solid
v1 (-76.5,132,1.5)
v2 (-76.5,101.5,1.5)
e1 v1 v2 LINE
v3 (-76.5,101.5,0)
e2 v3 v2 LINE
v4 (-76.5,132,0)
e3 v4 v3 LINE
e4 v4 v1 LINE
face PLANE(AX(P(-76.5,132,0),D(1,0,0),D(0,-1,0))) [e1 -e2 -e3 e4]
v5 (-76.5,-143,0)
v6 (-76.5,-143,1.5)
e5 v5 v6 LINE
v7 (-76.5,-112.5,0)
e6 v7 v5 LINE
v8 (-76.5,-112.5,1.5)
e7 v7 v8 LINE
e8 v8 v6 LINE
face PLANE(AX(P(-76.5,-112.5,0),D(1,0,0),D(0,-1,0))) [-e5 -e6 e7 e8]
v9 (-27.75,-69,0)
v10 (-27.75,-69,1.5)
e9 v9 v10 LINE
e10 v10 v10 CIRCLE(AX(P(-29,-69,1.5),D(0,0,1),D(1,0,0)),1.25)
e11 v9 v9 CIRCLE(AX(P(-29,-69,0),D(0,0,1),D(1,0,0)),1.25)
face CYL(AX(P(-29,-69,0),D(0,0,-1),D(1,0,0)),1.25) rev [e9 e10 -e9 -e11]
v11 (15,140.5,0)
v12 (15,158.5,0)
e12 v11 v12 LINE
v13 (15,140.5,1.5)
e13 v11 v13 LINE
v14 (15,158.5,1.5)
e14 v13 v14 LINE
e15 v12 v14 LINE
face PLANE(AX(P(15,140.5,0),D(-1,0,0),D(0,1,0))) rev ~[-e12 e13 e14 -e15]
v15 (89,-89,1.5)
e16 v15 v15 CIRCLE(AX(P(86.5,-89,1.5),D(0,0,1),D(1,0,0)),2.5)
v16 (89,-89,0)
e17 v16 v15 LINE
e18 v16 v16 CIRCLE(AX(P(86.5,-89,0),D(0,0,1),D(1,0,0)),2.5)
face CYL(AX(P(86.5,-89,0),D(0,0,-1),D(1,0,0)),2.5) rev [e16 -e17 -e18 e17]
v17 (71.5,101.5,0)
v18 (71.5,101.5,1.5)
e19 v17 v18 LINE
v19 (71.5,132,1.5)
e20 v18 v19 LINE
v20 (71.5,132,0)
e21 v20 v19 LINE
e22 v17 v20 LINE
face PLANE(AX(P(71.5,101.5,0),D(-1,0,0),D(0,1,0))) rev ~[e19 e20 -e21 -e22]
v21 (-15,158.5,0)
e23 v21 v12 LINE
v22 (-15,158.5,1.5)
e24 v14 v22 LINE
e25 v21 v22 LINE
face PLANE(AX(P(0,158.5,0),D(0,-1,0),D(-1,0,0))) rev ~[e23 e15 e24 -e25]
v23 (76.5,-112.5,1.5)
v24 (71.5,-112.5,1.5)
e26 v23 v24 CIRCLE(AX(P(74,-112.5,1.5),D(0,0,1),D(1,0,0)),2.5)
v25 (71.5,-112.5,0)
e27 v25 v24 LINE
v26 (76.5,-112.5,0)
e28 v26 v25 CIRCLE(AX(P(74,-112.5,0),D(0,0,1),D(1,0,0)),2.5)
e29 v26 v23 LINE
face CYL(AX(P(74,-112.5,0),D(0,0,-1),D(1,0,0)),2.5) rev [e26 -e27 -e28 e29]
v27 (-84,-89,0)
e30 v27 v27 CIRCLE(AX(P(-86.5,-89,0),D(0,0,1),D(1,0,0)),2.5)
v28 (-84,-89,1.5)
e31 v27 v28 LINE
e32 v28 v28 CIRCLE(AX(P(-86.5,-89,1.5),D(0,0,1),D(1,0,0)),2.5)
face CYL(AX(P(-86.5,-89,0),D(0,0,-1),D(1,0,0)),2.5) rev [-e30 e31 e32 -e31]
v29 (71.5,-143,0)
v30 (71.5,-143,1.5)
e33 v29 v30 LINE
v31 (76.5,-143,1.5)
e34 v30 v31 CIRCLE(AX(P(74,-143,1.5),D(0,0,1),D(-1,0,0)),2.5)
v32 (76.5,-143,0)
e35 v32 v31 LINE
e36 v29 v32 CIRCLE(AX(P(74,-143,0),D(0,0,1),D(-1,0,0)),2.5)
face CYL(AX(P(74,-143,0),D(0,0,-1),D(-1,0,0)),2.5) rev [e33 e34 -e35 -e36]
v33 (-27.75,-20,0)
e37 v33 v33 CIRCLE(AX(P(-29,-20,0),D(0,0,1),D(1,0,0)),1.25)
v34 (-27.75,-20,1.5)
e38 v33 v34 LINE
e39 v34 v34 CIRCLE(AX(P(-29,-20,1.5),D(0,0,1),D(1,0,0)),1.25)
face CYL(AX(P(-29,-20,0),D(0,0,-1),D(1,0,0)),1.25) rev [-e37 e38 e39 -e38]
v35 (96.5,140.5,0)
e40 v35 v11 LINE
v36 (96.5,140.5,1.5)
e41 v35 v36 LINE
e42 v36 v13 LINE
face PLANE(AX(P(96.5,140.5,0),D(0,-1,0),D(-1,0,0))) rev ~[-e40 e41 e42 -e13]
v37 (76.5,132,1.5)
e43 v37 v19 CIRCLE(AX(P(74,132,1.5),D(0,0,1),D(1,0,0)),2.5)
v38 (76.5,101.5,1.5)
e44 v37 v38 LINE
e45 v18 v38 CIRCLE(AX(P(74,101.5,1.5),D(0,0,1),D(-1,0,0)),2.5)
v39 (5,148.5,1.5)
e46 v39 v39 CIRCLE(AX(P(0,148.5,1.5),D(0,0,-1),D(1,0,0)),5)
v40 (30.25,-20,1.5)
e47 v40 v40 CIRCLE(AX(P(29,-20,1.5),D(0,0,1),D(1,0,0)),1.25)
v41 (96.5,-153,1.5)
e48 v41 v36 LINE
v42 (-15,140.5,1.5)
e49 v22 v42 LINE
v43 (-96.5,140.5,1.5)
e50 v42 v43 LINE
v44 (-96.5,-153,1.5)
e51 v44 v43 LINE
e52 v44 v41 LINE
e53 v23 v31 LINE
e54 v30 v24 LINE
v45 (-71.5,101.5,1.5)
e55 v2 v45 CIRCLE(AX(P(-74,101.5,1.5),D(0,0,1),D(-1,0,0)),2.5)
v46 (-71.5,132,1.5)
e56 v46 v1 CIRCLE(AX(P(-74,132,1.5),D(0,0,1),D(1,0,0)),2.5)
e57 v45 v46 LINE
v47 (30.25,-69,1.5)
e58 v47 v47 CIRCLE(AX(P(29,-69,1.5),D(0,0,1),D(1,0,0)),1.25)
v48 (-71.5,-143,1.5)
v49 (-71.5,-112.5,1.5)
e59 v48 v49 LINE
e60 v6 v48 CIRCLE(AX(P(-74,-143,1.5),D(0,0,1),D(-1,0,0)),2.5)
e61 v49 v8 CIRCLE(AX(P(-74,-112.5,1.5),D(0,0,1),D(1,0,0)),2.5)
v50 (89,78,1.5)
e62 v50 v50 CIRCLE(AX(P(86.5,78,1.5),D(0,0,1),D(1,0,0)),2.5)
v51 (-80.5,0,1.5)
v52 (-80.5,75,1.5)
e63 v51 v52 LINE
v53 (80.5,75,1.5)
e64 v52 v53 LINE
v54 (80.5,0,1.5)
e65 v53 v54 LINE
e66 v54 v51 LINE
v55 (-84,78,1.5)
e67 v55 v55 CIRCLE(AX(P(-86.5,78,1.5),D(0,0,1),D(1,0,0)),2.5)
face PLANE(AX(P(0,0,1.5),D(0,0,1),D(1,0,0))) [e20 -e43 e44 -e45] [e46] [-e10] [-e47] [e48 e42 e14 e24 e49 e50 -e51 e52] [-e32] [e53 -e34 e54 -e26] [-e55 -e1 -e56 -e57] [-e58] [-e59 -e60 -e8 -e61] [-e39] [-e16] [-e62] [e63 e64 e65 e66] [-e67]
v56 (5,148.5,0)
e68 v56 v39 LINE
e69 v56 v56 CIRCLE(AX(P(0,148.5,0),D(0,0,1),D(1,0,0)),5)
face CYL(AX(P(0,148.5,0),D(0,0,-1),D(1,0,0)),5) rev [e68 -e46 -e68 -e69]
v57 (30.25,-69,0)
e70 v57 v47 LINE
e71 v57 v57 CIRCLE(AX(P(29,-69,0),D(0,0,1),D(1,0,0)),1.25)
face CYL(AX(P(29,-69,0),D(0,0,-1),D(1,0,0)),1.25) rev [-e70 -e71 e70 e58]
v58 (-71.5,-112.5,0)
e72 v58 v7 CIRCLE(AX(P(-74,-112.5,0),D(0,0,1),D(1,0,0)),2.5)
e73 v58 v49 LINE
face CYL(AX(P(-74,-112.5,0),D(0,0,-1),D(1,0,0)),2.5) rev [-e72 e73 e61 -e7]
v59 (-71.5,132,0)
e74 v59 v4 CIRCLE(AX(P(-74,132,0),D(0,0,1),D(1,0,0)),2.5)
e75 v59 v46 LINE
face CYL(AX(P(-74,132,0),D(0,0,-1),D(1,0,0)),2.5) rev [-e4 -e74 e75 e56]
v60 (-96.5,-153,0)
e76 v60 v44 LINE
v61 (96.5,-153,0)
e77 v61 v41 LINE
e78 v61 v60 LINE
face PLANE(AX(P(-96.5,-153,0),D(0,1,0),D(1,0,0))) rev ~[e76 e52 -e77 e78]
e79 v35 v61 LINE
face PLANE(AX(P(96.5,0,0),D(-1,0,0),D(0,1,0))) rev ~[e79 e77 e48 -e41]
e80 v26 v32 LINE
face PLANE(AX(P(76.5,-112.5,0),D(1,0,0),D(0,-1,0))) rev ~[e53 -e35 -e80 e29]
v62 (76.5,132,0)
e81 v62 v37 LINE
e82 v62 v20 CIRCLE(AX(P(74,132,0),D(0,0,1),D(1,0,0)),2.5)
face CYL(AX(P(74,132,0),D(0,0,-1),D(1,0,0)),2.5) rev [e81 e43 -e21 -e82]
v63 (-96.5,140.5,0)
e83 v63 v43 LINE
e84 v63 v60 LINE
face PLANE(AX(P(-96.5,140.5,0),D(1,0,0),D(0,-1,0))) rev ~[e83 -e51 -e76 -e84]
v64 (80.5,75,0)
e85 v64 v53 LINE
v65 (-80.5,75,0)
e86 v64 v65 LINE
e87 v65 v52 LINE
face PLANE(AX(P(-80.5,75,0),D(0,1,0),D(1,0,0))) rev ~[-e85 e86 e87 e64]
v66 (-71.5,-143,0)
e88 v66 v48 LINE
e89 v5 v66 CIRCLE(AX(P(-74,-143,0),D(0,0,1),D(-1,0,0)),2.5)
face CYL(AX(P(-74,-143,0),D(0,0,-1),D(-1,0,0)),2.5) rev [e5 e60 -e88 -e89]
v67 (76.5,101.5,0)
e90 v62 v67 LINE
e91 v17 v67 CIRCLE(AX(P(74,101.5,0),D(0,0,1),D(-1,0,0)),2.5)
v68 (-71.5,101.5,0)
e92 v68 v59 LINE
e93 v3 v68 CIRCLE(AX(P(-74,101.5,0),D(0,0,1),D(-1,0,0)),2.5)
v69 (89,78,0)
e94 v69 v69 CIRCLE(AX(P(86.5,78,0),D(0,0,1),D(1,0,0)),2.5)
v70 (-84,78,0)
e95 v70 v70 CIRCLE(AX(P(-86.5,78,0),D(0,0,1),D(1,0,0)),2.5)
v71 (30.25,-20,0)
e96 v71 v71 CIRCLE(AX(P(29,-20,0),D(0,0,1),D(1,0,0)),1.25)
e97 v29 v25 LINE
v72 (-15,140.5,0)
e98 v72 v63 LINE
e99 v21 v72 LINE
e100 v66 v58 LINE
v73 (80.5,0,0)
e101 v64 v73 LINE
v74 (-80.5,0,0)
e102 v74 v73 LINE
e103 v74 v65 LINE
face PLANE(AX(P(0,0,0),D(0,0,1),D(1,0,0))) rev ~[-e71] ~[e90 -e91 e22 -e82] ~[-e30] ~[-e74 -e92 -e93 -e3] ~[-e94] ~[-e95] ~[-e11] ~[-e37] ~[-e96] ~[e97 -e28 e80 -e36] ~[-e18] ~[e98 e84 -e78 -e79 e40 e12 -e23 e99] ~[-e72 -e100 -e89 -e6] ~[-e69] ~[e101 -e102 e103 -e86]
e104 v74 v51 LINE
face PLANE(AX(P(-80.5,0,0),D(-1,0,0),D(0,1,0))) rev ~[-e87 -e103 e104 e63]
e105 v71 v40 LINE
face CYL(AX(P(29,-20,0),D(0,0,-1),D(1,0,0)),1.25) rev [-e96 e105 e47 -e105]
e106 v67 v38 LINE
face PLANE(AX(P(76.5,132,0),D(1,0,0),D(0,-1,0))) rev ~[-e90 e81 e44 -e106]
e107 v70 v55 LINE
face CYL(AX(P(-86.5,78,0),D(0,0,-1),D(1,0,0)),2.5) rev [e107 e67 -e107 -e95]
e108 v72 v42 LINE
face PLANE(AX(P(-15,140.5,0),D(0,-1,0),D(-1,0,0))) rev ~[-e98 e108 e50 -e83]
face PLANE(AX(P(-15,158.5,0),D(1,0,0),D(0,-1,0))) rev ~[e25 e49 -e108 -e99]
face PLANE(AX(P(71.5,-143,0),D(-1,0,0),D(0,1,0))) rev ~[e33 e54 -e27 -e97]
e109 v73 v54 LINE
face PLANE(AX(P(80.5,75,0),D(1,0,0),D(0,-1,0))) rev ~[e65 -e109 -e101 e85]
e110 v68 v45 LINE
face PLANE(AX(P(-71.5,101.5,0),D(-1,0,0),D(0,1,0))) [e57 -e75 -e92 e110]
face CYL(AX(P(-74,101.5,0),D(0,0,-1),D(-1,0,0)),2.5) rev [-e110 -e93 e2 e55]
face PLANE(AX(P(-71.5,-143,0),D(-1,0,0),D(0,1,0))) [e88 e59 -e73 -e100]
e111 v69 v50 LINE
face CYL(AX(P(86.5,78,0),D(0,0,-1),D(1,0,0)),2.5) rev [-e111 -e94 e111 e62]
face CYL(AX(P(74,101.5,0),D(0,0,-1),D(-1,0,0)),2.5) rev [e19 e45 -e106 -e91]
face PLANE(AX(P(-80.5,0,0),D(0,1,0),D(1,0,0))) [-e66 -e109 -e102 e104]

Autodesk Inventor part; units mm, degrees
ref_plane "YZ Plane" through (0, 0, 0) normal (1, 0, 0) x (0, 1, 0)
ref_plane "XZ Plane" through (0, 0, 0) normal (0, 1, 0) x (-1, 0, 0)
ref_plane "XY Plane" through (0, 0, 0) normal (0, 0, 1) x (1, 0, 0)
sketch "Skizze1" plane through (0, 0, 0) normal (0, 0, 1) x (1, 0, 0)
  line L0 (-135.1, 0) -> (135.1, 0) projected
  line L1 (0, -215.3) -> (0, 220.8) projected
  line L2 (15, 140.5) -> (15, 158.5)
  line L3 (15, 158.5) -> (-15, 158.5)
  line L4 (-15, 158.5) -> (-15, 140.5)
  line L5 (-15, 140.5) -> (-96.5, 140.5)
  line L6 (-96.5, 140.5) -> (-96.5, -153)
  line L7 (-96.5, -153) -> (96.5, -153)
  line L8 (96.5, -153) -> (96.5, 140.5)
  line L9 (96.5, 140.5) -> (15, 140.5)
  circle A0 centre (86.5, 78) radius 2.5
  circle A1 centre (-86.5, 78) radius 2.5
  circle A2 centre (-86.5, -89) radius 2.5
  circle A3 centre (86.5, -89) radius 2.5
  arc A4 (-71.5, 132) -> (-76.5, 132) centre (-74, 132) ccw
  line L10 (-76.5, 132) -> (-76.5, 101.5)
  arc A5 (-76.5, 101.5) -> (-71.5, 101.5) centre (-74, 101.5) ccw
  line L11 (-71.5, 101.5) -> (-71.5, 132)
  arc A6 (76.5, 132) -> (71.5, 132) centre (74, 132) ccw
  line L12 (76.5, 132) -> (76.5, 101.5)
  arc A7 (71.5, 101.5) -> (76.5, 101.5) centre (74, 101.5) ccw
  line L13 (71.5, 101.5) -> (71.5, 132)
  line L14 (-80.5, 75) -> (80.5, 75)
  line L15 (80.5, 75) -> (80.5, 0)
  line L16 (80.5, 0) -> (-80.5, 0)
  line L17 (-80.5, 0) -> (-80.5, 75)
  circle A8 centre (29, -20) radius 1.25
  circle A9 centre (-29, -20) radius 1.25
  circle A10 centre (-29, -69) radius 1.25
  circle A11 centre (29, -69) radius 1.25
  arc A12 (-71.5, -112.5) -> (-76.5, -112.5) centre (-74, -112.5) ccw
  line L18 (-76.5, -112.5) -> (-76.5, -143)
  arc A13 (-76.5, -143) -> (-71.5, -143) centre (-74, -143) ccw
  line L19 (-71.5, -143) -> (-71.5, -112.5)
  arc A14 (76.5, -112.5) -> (71.5, -112.5) centre (74, -112.5) ccw
  line L20 (76.5, -112.5) -> (76.5, -143)
  arc A15 (71.5, -143) -> (76.5, -143) centre (74, -143) ccw
  line L21 (71.5, -143) -> (71.5, -112.5)
  circle A16 centre (0, 148.5) radius 5
  point P0 (0, 0)
  dimension "d0" = 30
  dimension "d1" = 193
  dimension "d2" = 293.5
  dimension "d3" = 65.5
  dimension "d4" = 75
  dimension "d5" = 16
  dimension "d6" = 16
  dimension "d7" = 65.5
  dimension "d9" = 148
  dimension "d10" = 5
  dimension "d11" = 2.5
  dimension "d12" = 2.5
  dimension "d13" = 30.5
  dimension "d14" = 8.5
  dimension "d15" = 5
  dimension "d16" = 30.5
  dimension "d17" = 2.5
  dimension "d18" = 2.5
  dimension "d19" = 143
  dimension "d20" = 6
  dimension "d21" = 3
  dimension "d22" = 6
  dimension "d23" = 3
  dimension "d24" = 75
  dimension "d25" = 167
  dimension "d26" = 10
  dimension "d27" = 167
  dimension "d28" = 10
  dimension "d29" = 20
  dimension "d30" = 8.5
  dimension "d31" = 81.5
  dimension "d32" = 58
  dimension "d33" = 49
  dimension "d34" = 58
  dimension "d35" = 49
  dimension "d36" = 67.5
  dimension "d37" = 67.5
  dimension "d38" = 67.5
  dimension "d39" = 20
  dimension "d40" = 84
  dimension "d41" = 5
  dimension "d42" = 5
  dimension "d43" = 2.5
  dimension "d44" = 2.5
  dimension "d45" = 2.5
  dimension "d46" = 2.5
  dimension "d47" = 5
  dimension "d48" = 5
  dimension "d49" = 2.5
  dimension "d50" = 2.5
  dimension "d51" = 2.5
  dimension "d52" = 2.5
  dimension "d53" = 30.5
  dimension "d54" = 30.5
  dimension "d55" = 5
  dimension "d56" = 5
  dimension "d57" = 10
  dimension "d58" = 10
  dimension "d59" = 22.5
  dimension "d60" = 22.5
  dimension "d61" = 22.5
  dimension "d62" = 22.5
  dimension "d63" = 143
  dimension "d65" = 18
extrude "Extrusion1" add sketch "Skizze1" along normal blind 1.5 contours L6 L5 L4 L3 L1 A16 L14 L17 L0 | L0 L1 L7 L6 | L0 L8 L7 L1 | L15 L14 L1 A16 L3 L2 L9 L8 L0
properties part number "Innengehäuse"
